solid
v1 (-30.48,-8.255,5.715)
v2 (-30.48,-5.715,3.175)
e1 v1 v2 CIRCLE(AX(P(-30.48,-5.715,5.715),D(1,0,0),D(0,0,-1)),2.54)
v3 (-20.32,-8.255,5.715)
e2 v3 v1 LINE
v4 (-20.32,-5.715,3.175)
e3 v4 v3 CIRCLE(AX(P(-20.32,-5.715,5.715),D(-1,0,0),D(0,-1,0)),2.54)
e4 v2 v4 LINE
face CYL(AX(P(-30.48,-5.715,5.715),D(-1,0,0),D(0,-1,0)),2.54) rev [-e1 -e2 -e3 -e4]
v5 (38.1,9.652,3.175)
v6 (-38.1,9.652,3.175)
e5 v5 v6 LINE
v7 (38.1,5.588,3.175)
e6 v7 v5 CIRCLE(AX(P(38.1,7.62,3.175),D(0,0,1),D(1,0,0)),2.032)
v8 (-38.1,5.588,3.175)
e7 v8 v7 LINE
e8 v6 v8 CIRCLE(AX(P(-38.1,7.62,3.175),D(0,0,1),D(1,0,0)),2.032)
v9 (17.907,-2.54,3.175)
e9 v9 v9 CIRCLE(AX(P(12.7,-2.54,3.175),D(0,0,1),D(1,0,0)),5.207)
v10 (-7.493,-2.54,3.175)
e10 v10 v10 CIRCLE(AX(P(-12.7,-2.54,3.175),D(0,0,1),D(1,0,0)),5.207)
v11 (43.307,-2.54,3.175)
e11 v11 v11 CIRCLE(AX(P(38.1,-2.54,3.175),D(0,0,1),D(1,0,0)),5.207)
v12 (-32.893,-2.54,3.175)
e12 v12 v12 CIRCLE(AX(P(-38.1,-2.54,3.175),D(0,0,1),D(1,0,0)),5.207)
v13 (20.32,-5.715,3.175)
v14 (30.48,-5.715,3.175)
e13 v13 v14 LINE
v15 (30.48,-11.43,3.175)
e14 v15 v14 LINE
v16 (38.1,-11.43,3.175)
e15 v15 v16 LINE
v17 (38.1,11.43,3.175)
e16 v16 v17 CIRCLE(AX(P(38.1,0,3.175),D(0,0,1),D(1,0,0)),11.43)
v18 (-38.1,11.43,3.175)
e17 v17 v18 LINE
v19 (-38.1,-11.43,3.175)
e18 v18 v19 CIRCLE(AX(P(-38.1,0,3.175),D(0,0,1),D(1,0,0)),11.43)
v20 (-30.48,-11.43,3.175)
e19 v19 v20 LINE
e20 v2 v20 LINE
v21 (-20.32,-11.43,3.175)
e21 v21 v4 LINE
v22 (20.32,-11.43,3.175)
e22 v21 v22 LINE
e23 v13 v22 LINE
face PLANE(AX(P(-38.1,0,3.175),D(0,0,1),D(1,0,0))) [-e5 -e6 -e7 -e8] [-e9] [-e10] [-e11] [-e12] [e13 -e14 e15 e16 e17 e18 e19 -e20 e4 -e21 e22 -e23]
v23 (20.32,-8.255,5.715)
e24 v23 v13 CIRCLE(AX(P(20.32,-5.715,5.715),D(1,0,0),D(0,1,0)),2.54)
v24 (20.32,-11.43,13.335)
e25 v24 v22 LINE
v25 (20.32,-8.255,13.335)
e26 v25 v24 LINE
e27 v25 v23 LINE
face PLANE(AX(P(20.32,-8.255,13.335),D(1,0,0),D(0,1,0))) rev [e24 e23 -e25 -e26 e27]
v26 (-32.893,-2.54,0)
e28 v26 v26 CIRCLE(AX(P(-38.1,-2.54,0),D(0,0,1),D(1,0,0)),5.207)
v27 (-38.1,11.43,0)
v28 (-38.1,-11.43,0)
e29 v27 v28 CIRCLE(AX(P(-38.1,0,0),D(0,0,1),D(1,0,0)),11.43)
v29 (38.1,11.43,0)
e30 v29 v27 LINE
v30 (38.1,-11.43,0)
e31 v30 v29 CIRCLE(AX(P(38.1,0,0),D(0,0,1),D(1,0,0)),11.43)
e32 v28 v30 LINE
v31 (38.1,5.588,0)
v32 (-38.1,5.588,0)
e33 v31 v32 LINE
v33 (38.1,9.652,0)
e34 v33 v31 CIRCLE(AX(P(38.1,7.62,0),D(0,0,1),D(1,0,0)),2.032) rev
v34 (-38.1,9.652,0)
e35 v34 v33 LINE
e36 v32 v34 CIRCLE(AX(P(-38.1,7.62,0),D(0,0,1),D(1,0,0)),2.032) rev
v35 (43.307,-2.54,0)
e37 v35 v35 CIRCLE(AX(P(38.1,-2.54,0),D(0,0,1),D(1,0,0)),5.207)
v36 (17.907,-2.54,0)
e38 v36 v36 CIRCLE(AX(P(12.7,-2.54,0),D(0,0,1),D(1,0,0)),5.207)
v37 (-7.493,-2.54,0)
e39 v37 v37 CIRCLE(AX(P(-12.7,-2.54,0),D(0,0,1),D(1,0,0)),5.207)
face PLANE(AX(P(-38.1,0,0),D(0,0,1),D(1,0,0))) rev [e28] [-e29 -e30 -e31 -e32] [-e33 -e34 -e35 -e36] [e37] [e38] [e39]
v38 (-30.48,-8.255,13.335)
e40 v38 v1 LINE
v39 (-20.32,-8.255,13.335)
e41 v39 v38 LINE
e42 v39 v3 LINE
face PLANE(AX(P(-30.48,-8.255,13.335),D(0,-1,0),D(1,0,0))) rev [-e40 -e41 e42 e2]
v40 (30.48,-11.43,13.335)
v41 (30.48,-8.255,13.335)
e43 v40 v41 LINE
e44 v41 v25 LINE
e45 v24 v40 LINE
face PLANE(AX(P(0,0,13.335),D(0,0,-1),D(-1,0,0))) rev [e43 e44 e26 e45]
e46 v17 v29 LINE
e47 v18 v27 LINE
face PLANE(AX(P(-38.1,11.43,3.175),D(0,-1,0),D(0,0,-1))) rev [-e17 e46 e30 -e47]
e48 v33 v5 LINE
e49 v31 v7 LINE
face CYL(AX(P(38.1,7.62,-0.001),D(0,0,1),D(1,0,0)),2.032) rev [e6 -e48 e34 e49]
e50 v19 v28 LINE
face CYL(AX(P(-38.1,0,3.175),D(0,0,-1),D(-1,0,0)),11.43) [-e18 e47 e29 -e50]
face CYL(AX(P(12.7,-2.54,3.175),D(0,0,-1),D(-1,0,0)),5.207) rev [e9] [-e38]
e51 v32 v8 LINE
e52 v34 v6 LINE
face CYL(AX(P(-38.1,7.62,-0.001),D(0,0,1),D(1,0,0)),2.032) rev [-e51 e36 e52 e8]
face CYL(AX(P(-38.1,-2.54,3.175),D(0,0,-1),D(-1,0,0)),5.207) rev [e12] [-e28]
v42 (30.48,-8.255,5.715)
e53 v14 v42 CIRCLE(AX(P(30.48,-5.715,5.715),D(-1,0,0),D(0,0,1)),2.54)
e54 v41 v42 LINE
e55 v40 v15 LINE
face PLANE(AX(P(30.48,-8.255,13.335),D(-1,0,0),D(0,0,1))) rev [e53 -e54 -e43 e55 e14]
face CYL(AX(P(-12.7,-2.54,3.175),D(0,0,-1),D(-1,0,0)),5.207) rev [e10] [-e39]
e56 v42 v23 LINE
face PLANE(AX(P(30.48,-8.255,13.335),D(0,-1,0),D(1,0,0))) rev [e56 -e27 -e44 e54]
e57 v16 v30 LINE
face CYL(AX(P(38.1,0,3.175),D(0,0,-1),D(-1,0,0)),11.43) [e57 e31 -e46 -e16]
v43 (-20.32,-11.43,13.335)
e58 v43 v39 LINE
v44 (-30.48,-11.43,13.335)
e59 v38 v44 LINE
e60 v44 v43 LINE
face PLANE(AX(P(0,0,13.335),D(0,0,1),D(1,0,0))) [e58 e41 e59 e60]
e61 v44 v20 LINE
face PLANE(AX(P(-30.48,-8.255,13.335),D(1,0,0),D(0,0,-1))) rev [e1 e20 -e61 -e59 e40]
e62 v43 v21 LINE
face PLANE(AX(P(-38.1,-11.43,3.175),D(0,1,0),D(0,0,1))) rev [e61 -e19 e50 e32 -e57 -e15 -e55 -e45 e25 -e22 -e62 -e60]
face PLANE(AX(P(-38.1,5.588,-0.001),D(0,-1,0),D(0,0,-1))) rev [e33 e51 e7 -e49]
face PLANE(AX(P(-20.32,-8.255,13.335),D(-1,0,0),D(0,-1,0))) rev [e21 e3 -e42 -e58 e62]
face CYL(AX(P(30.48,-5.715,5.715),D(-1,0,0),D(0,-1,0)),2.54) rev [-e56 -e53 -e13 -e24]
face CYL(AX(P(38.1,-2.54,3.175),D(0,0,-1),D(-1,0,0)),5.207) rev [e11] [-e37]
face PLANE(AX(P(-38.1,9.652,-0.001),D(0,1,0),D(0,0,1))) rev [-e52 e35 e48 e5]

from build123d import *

# Parameters (mm, degrees)
SKETCH1_R           = 5.207
BOSS_EXTRUDE1_DEPTH = 3.175
SKETCH2_W           = 10.16
SKETCH2_H           = 3.175
BOSS_EXTRUDE2_DEPTH = 10.16
FILLET1_R           = 2.54
CUT_EXTRUDE2_REACH  = 53.837


with BuildPart() as part:
    # Sketch1 → Boss-Extrude1 (new body)
    with BuildSketch(Plane.XY):
        with BuildLine():
            Line((-38.1, 11.43), (38.1, 11.43))
            ThreePointArc((38.1, 11.43), (49.53, 0), (38.1, -11.43))
            Line((38.1, -11.43), (-38.1, -11.43))
            ThreePointArc((-38.1, -11.43), (-49.53, 0), (-38.1, 11.43))
        make_face()
        with Locations((-38.1, -2.54)):
            Circle(SKETCH1_R, mode=Mode.SUBTRACT)
        with Locations((-12.7, -2.54)):
            Circle(SKETCH1_R, mode=Mode.SUBTRACT)
        with Locations((12.7, -2.54)):
            Circle(SKETCH1_R, mode=Mode.SUBTRACT)
        with Locations((38.1, -2.54)):
            Circle(SKETCH1_R, mode=Mode.SUBTRACT)
    extrude(amount=BOSS_EXTRUDE1_DEPTH)

    # Sketch2 → Boss-Extrude2 (add)
    with BuildSketch(Plane.XY.offset(3.175)):
        with Locations((-25.4, -9.8425)):
            Rectangle(SKETCH2_W, SKETCH2_H)
        with Locations((25.4, -9.8425)):
            Rectangle(SKETCH2_W, SKETCH2_H)
    extrude(amount=BOSS_EXTRUDE2_DEPTH)

    # Fillet1
    fillet1_edges = [part.edges().sort_by_distance(p)[0] for p in [
        (25.4, -8.255, 3.175),
        (-25.4, -8.255, 3.175),
    ]]
    fillet(fillet1_edges, radius=FILLET1_R)

    # Sketch4 → Cut-Extrude2 (cut, up to next)
    with BuildSketch(Plane.XY.offset(3.175), mode=Mode.PRIVATE) as cut_extrude2_sk1:
        with BuildLine():
            Line((-38.1, 9.652), (38.1, 9.652))
            ThreePointArc((38.1, 9.652), (40.132, 7.62), (38.1, 5.588))
            Line((38.1, 5.588), (-38.1, 5.588))
            ThreePointArc((-38.1, 5.588), (-40.132, 7.62), (-38.1, 9.652))
        make_face()
    cut_extrude2_tool1 = extrude(cut_extrude2_sk1.sketch, amount=-CUT_EXTRUDE2_REACH, mode=Mode.PRIVATE) & part.part
    add(cut_extrude2_tool1.solids().sort_by_distance((0, 7.62, 3.175))[0], mode=Mode.SUBTRACT)


solid = part.part
